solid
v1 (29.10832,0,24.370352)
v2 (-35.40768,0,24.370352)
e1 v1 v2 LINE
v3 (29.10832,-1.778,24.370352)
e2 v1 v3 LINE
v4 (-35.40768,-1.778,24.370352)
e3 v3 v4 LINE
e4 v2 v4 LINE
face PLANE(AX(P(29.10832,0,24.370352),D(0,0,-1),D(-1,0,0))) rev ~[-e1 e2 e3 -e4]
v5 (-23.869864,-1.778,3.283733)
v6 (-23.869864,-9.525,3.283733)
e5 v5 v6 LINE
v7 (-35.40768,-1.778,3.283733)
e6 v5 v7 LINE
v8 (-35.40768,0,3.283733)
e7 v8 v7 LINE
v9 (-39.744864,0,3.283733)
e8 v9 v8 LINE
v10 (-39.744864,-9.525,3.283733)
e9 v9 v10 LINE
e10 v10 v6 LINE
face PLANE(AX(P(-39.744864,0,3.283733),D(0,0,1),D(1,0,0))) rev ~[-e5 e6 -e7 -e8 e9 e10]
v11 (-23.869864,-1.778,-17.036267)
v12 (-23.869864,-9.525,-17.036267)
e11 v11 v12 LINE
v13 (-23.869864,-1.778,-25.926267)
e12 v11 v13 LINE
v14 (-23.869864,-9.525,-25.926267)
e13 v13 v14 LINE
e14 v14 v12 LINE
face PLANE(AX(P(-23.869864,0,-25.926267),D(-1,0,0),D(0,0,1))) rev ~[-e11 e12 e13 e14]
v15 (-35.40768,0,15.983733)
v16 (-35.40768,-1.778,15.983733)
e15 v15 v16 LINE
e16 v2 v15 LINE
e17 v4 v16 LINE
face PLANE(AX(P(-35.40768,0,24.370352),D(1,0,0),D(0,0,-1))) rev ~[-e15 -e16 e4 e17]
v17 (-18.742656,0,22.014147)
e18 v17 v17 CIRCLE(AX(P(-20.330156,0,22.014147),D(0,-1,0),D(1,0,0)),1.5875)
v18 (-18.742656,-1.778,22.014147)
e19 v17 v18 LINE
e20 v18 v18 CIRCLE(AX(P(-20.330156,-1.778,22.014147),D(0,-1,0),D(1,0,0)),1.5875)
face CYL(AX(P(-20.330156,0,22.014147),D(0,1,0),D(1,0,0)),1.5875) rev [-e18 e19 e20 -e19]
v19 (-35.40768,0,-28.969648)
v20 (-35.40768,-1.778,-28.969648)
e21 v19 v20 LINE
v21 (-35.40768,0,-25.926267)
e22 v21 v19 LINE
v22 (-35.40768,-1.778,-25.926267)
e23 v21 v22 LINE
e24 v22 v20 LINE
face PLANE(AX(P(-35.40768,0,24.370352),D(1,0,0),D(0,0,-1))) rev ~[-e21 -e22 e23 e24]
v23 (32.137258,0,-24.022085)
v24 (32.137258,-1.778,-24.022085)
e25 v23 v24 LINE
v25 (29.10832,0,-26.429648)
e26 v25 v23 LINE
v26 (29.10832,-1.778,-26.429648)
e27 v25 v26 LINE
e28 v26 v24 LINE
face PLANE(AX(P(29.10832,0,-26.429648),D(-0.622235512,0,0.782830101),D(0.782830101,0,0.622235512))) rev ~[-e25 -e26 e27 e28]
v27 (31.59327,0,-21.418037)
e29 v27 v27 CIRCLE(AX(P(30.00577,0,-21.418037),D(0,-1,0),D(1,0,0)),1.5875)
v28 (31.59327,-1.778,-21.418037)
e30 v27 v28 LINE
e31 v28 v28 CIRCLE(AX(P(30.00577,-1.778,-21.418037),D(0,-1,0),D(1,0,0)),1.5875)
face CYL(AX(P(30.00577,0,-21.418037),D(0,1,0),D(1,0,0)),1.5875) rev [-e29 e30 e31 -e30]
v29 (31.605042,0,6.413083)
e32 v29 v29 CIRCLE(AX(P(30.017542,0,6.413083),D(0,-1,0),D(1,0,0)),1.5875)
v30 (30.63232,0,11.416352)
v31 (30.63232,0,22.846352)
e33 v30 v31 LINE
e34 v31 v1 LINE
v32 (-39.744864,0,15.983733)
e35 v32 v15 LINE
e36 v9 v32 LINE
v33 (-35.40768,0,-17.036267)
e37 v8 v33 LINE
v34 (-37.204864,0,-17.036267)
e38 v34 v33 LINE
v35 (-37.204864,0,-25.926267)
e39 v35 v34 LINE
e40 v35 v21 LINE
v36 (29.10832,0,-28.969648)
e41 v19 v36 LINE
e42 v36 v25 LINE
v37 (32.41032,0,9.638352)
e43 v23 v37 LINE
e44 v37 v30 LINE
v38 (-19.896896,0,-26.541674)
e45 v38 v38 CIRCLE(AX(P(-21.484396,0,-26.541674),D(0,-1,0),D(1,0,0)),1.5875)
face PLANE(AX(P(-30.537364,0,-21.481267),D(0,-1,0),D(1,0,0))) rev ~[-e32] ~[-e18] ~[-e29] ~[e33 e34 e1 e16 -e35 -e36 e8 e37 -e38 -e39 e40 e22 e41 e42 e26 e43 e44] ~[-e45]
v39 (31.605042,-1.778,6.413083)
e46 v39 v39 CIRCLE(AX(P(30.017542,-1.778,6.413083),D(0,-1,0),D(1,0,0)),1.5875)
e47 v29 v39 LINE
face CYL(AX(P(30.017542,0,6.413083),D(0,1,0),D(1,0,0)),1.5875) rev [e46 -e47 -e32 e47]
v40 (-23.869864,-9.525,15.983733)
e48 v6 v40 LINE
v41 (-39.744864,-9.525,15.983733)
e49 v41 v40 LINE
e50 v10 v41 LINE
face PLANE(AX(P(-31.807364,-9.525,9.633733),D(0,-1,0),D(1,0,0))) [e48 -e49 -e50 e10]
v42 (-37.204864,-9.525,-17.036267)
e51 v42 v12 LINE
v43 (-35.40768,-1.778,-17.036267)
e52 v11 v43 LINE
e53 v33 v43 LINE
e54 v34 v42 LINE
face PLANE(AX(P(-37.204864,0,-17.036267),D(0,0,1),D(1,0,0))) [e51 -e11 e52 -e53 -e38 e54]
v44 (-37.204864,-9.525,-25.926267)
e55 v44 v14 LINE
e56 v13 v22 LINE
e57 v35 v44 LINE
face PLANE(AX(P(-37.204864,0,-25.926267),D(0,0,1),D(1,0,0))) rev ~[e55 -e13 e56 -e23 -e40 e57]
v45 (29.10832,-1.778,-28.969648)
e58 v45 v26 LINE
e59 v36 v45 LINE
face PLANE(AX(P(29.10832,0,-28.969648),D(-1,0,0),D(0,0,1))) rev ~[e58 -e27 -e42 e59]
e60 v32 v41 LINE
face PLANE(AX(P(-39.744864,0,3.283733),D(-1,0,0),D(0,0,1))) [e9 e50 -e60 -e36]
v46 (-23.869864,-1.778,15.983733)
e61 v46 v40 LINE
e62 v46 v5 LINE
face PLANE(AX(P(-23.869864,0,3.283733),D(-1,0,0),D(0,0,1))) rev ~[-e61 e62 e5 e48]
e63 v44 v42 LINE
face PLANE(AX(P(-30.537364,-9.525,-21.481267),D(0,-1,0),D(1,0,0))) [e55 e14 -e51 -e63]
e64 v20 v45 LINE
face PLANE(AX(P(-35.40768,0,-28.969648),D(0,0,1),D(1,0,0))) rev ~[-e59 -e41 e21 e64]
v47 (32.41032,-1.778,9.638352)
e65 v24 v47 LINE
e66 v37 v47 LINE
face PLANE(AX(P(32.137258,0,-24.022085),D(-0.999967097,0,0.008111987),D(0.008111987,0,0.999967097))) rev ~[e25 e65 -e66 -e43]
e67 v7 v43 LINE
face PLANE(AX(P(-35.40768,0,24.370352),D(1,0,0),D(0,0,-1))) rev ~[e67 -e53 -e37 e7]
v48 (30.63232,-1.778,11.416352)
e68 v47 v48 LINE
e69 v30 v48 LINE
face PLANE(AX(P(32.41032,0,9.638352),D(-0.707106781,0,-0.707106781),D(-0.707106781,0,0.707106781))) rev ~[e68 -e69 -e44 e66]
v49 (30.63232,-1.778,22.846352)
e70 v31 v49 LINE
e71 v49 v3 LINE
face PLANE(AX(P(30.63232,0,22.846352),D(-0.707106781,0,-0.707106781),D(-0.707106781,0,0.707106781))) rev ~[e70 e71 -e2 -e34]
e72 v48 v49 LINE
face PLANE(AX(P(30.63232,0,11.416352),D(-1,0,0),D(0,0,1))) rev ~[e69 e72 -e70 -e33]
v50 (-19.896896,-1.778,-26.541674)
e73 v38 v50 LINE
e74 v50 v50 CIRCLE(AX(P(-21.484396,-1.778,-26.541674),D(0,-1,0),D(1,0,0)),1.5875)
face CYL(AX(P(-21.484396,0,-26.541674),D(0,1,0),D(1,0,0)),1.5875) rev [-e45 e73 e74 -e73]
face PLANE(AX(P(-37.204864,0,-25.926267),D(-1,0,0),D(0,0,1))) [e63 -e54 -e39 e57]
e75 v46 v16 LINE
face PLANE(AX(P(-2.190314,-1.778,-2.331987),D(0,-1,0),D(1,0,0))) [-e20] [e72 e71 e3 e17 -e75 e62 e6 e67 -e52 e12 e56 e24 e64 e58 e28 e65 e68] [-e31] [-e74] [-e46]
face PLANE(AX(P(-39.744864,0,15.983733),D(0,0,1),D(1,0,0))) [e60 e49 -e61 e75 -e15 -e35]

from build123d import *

# Parameters (mm, degrees)
F1_DEPTH = 1.778
F2_W     = 13.335
F2_H     = 8.89
F2_W_2   = 15.875
F2_H_2   = 12.7
F3_DEPTH = 9.525
F4_R     = 1.5875
F5_DEPTH = 1.778


with BuildPart() as f1:
    # F0 (on Front) → F1 (new body)
    with BuildSketch(Plane.XZ):
        Polygon((29.10832, 24.370352), (-35.40768, 24.370352), (-35.40768, -28.969648), (29.10832, -28.969648), (29.10832, -26.429648), (32.137258, -24.022085), (32.41032, 9.638352), (30.63232, 11.416352), (30.63232, 22.846352), align=None)
    extrude(amount=F1_DEPTH)

    # F2 (on Front) → F3 (join)
    with BuildSketch(Plane.XZ):
        with Locations((-30.537364, -21.481267)):
            Rectangle(F2_W, F2_H)
        with Locations((-31.807364, 9.633733)):
            Rectangle(F2_W_2, F2_H_2)
    extrude(amount=F3_DEPTH)

    # F4 (on Front) → F5 (cut)
    with BuildSketch(Plane.XZ):
        with Locations((-20.330156, 22.014147)):
            Circle(F4_R)
        with Locations((-21.484396, -26.541674)):
            Circle(F4_R)
        with Locations((30.017542, 6.413083)):
            Circle(F4_R)
        with Locations((30.00577, -21.418037)):
            Circle(F4_R)
    extrude(amount=F5_DEPTH, mode=Mode.SUBTRACT)


solid = f1.part
